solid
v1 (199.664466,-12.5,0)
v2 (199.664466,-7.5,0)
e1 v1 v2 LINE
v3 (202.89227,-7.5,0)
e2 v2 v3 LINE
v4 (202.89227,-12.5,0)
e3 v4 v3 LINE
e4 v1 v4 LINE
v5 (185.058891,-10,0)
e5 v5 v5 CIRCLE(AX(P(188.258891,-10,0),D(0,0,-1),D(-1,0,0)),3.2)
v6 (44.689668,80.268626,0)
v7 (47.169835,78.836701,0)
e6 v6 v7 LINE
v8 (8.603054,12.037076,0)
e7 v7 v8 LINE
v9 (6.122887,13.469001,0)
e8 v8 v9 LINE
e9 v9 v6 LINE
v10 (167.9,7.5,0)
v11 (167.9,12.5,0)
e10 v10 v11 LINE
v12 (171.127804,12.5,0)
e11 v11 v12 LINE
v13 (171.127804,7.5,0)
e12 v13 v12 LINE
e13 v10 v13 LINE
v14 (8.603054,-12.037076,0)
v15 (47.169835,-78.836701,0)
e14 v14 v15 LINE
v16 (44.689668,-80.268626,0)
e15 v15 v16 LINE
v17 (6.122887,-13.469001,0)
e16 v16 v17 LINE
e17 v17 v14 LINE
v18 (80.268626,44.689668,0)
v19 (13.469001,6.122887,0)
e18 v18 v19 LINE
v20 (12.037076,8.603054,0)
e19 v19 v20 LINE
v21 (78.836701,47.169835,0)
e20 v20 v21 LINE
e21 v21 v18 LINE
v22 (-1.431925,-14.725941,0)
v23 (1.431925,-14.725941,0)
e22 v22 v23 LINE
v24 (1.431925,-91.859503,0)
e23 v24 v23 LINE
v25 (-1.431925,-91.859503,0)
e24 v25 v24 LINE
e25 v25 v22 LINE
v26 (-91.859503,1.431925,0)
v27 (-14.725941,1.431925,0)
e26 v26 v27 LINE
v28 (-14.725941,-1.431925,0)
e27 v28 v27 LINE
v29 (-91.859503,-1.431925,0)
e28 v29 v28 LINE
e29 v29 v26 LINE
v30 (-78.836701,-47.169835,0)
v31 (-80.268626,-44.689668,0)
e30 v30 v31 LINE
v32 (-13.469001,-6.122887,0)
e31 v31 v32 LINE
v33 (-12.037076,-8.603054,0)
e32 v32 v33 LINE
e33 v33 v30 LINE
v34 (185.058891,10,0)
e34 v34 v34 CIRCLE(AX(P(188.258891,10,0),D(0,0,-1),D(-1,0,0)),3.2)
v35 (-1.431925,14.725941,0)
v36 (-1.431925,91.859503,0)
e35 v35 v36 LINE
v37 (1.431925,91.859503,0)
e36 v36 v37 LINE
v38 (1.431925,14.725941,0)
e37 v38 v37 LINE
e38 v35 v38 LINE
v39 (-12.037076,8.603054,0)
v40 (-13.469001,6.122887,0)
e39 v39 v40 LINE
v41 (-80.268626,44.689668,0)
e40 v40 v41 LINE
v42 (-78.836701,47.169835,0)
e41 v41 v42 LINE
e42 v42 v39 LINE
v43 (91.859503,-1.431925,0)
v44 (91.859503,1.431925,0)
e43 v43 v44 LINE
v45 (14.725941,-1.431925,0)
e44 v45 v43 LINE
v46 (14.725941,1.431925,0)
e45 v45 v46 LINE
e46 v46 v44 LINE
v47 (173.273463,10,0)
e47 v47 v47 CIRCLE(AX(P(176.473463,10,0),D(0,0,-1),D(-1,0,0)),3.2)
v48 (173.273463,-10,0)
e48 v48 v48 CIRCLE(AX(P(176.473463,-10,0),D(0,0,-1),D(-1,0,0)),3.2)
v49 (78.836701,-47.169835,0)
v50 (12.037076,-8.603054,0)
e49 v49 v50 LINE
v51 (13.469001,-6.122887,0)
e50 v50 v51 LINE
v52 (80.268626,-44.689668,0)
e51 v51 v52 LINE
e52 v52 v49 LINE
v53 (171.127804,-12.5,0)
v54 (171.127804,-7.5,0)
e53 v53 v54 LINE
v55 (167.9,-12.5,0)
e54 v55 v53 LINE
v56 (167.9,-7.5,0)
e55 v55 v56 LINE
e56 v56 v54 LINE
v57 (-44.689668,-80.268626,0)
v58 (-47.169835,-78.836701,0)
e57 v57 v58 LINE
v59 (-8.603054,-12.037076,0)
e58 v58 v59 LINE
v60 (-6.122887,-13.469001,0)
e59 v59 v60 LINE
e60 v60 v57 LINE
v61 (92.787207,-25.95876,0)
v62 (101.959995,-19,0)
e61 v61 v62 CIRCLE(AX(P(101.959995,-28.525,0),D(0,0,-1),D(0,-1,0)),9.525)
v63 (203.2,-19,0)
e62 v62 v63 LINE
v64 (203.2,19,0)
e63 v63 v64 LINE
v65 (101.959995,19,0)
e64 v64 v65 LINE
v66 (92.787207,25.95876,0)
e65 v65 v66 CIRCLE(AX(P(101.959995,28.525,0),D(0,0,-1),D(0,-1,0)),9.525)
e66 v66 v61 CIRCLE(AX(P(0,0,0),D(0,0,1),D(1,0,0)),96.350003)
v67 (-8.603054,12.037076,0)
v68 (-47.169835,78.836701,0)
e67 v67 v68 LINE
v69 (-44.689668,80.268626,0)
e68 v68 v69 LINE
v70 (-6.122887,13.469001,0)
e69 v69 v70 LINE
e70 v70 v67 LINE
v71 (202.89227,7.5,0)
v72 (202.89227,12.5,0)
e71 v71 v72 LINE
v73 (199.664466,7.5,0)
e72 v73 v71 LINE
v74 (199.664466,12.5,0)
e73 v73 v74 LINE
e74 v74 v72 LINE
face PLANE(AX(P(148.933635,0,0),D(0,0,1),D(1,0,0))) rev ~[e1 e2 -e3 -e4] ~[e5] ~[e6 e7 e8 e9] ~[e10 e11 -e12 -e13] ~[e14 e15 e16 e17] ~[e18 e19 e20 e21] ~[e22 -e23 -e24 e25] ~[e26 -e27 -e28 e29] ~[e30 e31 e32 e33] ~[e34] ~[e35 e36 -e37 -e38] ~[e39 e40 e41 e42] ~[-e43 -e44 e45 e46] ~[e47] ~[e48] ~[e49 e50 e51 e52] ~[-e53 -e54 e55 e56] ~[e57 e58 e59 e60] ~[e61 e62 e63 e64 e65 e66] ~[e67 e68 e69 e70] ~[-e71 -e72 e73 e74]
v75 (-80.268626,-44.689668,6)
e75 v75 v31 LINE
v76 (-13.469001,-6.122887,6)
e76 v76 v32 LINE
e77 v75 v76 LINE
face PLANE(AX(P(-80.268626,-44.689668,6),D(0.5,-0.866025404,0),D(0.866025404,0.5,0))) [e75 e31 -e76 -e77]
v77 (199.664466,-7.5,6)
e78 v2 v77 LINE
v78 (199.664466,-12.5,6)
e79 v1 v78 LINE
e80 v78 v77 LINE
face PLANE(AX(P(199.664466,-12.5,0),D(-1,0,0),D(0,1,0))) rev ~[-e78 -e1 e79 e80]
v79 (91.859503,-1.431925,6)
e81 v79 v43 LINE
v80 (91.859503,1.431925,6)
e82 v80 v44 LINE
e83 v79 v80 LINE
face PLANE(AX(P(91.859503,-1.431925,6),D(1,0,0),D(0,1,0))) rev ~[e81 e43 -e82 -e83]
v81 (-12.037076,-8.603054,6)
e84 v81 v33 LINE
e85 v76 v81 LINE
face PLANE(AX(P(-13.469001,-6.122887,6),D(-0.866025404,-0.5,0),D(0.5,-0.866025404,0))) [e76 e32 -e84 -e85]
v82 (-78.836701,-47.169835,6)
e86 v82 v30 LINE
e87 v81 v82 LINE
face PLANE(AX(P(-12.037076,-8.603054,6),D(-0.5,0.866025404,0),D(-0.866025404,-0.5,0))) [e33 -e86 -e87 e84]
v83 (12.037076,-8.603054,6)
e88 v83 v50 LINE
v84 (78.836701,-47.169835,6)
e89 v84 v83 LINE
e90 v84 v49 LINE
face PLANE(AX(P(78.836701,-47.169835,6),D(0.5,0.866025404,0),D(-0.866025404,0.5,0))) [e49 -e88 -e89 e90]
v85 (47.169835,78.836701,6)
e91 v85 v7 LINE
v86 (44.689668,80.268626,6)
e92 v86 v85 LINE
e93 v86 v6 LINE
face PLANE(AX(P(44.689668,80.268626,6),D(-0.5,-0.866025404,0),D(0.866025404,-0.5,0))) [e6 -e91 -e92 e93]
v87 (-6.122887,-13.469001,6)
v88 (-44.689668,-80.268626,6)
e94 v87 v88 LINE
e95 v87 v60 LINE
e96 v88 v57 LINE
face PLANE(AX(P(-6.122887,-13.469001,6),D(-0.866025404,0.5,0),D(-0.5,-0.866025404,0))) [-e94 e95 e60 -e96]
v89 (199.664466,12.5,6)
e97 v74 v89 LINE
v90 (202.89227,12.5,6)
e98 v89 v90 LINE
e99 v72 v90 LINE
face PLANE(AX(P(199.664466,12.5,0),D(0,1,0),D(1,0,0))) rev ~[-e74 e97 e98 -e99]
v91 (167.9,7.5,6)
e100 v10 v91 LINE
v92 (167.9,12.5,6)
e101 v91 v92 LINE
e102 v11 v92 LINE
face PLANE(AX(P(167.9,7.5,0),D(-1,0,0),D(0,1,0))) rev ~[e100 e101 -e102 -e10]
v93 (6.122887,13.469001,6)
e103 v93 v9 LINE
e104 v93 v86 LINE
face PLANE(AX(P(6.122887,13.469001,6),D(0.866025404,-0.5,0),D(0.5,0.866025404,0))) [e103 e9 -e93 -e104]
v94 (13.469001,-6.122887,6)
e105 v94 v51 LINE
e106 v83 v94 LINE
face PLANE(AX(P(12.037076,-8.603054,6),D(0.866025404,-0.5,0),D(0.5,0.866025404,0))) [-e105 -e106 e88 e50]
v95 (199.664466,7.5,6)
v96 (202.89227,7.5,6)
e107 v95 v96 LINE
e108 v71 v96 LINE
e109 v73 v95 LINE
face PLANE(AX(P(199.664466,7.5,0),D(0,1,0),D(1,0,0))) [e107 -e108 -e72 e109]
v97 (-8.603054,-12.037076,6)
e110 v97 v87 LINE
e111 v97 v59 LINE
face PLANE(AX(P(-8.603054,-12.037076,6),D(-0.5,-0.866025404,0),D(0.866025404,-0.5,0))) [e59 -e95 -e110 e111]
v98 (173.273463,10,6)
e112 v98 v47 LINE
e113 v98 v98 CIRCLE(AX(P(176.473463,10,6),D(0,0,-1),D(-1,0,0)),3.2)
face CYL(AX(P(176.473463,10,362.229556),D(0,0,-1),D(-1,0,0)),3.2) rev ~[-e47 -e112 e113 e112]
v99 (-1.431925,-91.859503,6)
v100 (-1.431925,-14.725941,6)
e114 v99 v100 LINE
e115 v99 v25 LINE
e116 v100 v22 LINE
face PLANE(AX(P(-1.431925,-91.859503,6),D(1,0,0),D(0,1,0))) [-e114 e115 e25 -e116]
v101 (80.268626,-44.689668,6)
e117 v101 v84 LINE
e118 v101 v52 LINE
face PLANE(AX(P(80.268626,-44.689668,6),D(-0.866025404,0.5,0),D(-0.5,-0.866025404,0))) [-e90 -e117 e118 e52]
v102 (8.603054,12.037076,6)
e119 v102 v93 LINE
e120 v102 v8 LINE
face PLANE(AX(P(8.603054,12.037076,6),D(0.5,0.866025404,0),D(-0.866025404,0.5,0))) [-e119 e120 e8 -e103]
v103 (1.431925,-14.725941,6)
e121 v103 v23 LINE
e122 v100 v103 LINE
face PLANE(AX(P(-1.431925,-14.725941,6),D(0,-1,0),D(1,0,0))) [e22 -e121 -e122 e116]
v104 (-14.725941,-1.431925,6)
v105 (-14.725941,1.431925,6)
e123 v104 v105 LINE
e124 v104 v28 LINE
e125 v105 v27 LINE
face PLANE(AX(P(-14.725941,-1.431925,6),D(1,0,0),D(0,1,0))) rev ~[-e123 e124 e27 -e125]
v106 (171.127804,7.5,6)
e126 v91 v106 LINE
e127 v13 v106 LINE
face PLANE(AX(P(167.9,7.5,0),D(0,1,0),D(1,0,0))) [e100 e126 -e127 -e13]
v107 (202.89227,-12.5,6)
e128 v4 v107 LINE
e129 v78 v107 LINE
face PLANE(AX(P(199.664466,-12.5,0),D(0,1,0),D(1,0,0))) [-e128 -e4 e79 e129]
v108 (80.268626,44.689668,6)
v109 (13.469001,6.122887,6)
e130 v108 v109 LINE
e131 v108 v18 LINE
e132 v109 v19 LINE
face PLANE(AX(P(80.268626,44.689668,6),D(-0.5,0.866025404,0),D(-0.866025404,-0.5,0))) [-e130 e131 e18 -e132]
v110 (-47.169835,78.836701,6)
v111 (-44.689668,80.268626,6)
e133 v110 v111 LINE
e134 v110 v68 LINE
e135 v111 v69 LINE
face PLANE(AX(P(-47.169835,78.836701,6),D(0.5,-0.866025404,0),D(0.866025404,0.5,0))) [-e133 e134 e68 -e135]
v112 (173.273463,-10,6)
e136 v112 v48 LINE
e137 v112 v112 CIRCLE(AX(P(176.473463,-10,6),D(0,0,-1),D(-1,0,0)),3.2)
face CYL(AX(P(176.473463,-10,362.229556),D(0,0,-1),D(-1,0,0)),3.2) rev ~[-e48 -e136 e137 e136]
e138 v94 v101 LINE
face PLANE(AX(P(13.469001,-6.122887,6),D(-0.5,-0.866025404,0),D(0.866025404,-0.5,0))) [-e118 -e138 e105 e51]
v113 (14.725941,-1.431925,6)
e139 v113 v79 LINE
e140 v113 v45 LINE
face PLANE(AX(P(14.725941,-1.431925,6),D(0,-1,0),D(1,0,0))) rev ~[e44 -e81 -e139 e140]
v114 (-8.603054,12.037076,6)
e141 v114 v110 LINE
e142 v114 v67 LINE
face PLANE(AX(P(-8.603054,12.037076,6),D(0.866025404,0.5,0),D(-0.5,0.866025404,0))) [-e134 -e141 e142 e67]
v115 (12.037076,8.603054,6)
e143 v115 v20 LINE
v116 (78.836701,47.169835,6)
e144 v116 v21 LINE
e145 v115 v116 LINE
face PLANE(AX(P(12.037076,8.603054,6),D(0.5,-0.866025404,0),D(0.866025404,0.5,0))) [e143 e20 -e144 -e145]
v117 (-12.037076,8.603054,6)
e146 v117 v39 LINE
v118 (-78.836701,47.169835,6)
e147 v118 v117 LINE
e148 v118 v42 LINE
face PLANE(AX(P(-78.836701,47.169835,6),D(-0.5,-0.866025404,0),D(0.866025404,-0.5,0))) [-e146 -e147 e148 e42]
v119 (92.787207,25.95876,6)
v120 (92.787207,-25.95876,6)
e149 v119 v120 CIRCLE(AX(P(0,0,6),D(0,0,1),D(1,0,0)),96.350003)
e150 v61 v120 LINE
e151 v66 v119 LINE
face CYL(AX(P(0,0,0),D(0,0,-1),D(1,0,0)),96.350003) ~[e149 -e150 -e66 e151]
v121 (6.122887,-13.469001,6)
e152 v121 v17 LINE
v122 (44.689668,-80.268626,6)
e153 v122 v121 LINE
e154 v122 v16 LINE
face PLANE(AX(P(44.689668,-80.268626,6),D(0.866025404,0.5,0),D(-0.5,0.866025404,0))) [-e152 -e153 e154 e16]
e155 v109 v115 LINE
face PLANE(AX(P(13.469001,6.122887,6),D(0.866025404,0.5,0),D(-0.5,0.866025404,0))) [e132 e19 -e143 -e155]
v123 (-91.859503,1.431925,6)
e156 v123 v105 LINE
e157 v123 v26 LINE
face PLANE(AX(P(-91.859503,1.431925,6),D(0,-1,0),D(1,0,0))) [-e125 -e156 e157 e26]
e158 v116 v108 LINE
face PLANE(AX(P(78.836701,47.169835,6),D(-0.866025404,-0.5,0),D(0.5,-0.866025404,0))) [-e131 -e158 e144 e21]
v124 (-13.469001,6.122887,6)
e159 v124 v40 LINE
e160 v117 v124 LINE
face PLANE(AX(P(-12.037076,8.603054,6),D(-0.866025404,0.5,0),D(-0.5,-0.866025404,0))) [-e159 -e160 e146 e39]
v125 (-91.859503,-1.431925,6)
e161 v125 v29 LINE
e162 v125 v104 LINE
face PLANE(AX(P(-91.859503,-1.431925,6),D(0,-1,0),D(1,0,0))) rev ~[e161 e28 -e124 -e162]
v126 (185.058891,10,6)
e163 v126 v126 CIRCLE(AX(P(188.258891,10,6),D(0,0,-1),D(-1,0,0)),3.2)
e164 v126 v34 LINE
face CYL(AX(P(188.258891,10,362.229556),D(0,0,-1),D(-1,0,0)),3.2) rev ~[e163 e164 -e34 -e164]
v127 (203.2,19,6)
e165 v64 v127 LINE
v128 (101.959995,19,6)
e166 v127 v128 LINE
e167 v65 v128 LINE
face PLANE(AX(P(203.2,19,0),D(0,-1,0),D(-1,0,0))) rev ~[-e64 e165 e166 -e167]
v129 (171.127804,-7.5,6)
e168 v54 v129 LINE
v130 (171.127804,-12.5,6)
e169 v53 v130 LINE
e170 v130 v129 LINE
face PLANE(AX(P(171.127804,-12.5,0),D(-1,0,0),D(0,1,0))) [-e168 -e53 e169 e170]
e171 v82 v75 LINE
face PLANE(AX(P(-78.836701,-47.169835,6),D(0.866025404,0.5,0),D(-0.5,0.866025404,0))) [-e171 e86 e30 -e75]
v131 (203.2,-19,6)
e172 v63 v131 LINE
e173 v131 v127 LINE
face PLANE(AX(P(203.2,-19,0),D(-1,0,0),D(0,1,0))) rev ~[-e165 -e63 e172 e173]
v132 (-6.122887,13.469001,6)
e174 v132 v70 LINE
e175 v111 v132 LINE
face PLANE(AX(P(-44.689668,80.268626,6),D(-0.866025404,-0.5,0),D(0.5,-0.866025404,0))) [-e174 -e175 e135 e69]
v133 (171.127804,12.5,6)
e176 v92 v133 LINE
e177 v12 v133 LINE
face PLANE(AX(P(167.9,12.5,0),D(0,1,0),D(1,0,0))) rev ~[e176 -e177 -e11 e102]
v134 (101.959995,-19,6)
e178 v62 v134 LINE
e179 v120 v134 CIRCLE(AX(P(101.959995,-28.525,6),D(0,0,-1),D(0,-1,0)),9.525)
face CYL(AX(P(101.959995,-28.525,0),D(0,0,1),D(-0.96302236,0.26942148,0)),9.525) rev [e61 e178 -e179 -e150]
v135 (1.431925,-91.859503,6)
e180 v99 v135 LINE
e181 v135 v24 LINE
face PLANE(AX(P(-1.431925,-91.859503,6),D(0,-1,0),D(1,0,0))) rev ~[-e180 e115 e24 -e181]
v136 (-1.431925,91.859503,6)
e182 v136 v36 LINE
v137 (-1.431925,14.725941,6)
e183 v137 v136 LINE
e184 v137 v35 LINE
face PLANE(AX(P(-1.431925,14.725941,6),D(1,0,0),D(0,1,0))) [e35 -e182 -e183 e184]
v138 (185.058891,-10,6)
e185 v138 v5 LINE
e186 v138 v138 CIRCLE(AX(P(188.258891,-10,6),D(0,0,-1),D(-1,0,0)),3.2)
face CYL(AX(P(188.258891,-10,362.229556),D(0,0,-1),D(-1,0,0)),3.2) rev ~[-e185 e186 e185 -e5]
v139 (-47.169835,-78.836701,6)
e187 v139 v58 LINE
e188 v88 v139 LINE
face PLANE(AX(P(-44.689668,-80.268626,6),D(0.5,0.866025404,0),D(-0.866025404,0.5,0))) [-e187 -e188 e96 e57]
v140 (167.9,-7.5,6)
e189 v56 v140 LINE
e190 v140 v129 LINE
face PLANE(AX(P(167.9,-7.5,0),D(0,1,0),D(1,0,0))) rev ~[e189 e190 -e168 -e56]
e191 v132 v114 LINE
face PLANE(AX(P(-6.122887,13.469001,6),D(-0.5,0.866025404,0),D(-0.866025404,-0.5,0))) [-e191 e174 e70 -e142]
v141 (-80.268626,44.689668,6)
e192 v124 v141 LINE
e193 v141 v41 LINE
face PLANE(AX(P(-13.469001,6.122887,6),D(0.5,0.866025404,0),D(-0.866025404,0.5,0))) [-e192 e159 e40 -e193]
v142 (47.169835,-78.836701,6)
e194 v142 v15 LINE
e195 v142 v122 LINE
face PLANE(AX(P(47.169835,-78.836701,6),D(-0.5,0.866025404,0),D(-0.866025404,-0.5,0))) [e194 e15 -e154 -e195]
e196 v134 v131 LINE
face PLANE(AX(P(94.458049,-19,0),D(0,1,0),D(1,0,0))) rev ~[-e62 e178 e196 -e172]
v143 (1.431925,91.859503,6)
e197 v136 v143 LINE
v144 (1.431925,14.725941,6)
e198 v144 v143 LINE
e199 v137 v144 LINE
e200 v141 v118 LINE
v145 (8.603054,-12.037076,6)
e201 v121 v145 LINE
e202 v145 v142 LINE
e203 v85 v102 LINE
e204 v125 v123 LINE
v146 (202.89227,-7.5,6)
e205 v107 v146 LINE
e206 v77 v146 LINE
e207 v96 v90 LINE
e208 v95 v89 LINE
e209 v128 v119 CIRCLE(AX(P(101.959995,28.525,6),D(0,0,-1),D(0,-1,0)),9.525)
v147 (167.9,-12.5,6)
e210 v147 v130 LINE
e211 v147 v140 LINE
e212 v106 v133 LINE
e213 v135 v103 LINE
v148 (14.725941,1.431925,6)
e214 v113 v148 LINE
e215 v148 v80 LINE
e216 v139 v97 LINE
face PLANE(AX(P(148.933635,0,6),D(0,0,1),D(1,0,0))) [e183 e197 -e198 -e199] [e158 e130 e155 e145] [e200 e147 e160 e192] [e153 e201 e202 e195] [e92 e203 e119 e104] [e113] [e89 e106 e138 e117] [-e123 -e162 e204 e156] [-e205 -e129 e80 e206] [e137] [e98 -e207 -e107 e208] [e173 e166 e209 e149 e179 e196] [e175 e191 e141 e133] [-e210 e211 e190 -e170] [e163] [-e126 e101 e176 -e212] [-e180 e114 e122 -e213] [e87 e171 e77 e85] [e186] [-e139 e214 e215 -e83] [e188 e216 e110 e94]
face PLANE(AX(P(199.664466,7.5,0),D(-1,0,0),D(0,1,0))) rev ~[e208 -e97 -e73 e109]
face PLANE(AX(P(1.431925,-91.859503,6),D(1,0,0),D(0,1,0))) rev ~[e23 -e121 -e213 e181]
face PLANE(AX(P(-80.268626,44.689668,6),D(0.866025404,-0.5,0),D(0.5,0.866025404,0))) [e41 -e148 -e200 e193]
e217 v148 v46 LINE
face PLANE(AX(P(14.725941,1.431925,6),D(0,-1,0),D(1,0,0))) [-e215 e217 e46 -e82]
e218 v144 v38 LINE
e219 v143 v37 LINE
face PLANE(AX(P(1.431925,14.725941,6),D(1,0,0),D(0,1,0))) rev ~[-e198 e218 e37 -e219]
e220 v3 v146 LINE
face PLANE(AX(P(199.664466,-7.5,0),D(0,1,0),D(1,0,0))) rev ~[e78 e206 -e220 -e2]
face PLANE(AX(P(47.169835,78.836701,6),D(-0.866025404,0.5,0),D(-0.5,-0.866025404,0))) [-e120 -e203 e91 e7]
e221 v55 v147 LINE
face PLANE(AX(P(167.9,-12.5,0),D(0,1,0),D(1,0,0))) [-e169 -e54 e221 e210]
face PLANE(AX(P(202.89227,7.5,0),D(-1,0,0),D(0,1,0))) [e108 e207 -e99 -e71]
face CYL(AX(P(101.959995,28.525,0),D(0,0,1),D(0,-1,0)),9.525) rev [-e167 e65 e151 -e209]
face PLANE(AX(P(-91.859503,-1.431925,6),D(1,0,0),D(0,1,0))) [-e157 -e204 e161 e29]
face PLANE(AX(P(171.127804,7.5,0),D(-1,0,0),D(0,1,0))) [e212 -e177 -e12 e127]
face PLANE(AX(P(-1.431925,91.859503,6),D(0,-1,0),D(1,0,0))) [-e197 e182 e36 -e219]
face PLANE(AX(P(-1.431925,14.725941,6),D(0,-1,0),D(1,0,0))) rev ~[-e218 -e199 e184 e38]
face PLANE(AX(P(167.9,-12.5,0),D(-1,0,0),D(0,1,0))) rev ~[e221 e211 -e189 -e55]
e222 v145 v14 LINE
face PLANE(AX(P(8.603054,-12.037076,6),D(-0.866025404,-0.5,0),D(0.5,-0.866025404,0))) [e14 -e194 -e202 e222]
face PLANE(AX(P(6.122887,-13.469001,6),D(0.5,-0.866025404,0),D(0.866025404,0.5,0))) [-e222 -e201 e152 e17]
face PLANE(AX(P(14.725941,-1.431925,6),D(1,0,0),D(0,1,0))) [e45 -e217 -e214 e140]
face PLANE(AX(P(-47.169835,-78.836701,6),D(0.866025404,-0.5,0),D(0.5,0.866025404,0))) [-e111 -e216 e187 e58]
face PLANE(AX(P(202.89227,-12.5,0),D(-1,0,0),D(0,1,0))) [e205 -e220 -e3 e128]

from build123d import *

# Parameters (mm, degrees)
SKETCH1_R                  = 96.35000288
BOSS_EXTRUDE1_DEPTH        = 6
SKETCH2_W                  = 2.86385
SKETCH2_H                  = 77.133562268
SKETCH2_W_2                = 77.133562268
SKETCH2_H_2                = 2.86385
CUT_EXTRUDE1_DEPTH         = 137.391517735
SKETCH3_W                  = 3.227804403
SKETCH3_H                  = 5
BOSS_EXTRUDE2_DEPTH        = 6
FILLET1_R                  = 9.525
F_6_4_6_4_DIAMETER_HOLE1_D = 6.4


with BuildPart() as part:
    # Sketch1 → Boss-Extrude1 (new body)
    with BuildSketch(Plane.XY):
        Circle(SKETCH1_R)
    extrude(amount=BOSS_EXTRUDE1_DEPTH)

    # Sketch2 → Cut-Extrude1 (cut, through all)
    with BuildSketch(Plane.XY.offset(6)):
        Polygon((6.122886862, 13.469001133), (44.689667996, 80.268625542), (47.169834848, 78.836700542), (8.603053714, 12.037076133), align=None)
        with Locations((0, 53.29272171)):
            Rectangle(SKETCH2_W, SKETCH2_H)
        Polygon((12.037076133, 8.603053714), (78.836700542, 47.169834848), (80.268625542, 44.689667996), (13.469001133, 6.122886862), align=None)
        with Locations((53.29272171, 0)):
            Rectangle(SKETCH2_W_2, SKETCH2_H_2)
        Polygon((13.469001133, -6.122886862), (80.268625542, -44.689667996), (78.836700542, -47.169834848), (12.037076133, -8.603053714), align=None)
        Polygon((8.603053714, -12.037076133), (47.169834848, -78.836700542), (44.689667996, -80.268625542), (6.122886862, -13.469001133), align=None)
        with Locations((0, -53.29272171)):
            Rectangle(SKETCH2_W, SKETCH2_H)
        Polygon((-6.122886862, -13.469001133), (-44.689667996, -80.268625542), (-47.169834848, -78.836700542), (-8.603053714, -12.037076133), align=None)
        Polygon((-12.037076133, -8.603053714), (-78.836700542, -47.169834848), (-80.268625542, -44.689667996), (-13.469001133, -6.122886862), align=None)
        with Locations((-53.29272171, 0)):
            Rectangle(SKETCH2_W_2, SKETCH2_H_2)
        Polygon((-13.469001133, 6.122886862), (-80.268625542, 44.689667996), (-78.836700542, 47.169834848), (-12.037076133, 8.603053714), align=None)
        Polygon((-8.603053714, 12.037076133), (-47.169834848, 78.836700542), (-44.689667996, 80.268625542), (-6.122886862, 13.469001133), align=None)
    extrude(amount=-CUT_EXTRUDE1_DEPTH, mode=Mode.SUBTRACT)

    # Sketch3 → Boss-Extrude2 (add)
    with BuildSketch(Plane.XY):
        with BuildLine():
            Line((203.2, 19), (94.45804918, 19))
            ThreePointArc((94.45804918, 19), (96.35000288, 0), (94.45804918, -19))
            Line((94.45804918, -19), (203.2, -19))
            Line((203.2, -19), (203.2, 19))
        make_face()
        with Locations((169.513902202, 10)):
            Rectangle(SKETCH3_W, SKETCH3_H, mode=Mode.SUBTRACT)
        with Locations((169.513902202, -10)):
            Rectangle(SKETCH3_W, SKETCH3_H, mode=Mode.SUBTRACT)
        with Locations((201.278368296, 10)):
            Rectangle(SKETCH3_W, SKETCH3_H, mode=Mode.SUBTRACT)
        with Locations((201.278368296, -10)):
            Rectangle(SKETCH3_W, SKETCH3_H, mode=Mode.SUBTRACT)
    extrude(amount=BOSS_EXTRUDE2_DEPTH)

    # Fillet1
    fillet1_edges = [part.edges().sort_by_distance(p)[0] for p in [
        (94.45804918, -19, 3),
        (94.45804918, 19, 3),
    ]]
    fillet(fillet1_edges, radius=FILLET1_R)

    # Ø6.4 (6.4) Diameter Hole1 (through all)
    with Locations(Plane.XY.offset(6)):
        with Locations((188.25889108, -10), (176.473462737, -10), (176.473462737, 10), (188.25889108, 10)):
            Hole(F_6_4_6_4_DIAMETER_HOLE1_D / 2)


solid = part.part
